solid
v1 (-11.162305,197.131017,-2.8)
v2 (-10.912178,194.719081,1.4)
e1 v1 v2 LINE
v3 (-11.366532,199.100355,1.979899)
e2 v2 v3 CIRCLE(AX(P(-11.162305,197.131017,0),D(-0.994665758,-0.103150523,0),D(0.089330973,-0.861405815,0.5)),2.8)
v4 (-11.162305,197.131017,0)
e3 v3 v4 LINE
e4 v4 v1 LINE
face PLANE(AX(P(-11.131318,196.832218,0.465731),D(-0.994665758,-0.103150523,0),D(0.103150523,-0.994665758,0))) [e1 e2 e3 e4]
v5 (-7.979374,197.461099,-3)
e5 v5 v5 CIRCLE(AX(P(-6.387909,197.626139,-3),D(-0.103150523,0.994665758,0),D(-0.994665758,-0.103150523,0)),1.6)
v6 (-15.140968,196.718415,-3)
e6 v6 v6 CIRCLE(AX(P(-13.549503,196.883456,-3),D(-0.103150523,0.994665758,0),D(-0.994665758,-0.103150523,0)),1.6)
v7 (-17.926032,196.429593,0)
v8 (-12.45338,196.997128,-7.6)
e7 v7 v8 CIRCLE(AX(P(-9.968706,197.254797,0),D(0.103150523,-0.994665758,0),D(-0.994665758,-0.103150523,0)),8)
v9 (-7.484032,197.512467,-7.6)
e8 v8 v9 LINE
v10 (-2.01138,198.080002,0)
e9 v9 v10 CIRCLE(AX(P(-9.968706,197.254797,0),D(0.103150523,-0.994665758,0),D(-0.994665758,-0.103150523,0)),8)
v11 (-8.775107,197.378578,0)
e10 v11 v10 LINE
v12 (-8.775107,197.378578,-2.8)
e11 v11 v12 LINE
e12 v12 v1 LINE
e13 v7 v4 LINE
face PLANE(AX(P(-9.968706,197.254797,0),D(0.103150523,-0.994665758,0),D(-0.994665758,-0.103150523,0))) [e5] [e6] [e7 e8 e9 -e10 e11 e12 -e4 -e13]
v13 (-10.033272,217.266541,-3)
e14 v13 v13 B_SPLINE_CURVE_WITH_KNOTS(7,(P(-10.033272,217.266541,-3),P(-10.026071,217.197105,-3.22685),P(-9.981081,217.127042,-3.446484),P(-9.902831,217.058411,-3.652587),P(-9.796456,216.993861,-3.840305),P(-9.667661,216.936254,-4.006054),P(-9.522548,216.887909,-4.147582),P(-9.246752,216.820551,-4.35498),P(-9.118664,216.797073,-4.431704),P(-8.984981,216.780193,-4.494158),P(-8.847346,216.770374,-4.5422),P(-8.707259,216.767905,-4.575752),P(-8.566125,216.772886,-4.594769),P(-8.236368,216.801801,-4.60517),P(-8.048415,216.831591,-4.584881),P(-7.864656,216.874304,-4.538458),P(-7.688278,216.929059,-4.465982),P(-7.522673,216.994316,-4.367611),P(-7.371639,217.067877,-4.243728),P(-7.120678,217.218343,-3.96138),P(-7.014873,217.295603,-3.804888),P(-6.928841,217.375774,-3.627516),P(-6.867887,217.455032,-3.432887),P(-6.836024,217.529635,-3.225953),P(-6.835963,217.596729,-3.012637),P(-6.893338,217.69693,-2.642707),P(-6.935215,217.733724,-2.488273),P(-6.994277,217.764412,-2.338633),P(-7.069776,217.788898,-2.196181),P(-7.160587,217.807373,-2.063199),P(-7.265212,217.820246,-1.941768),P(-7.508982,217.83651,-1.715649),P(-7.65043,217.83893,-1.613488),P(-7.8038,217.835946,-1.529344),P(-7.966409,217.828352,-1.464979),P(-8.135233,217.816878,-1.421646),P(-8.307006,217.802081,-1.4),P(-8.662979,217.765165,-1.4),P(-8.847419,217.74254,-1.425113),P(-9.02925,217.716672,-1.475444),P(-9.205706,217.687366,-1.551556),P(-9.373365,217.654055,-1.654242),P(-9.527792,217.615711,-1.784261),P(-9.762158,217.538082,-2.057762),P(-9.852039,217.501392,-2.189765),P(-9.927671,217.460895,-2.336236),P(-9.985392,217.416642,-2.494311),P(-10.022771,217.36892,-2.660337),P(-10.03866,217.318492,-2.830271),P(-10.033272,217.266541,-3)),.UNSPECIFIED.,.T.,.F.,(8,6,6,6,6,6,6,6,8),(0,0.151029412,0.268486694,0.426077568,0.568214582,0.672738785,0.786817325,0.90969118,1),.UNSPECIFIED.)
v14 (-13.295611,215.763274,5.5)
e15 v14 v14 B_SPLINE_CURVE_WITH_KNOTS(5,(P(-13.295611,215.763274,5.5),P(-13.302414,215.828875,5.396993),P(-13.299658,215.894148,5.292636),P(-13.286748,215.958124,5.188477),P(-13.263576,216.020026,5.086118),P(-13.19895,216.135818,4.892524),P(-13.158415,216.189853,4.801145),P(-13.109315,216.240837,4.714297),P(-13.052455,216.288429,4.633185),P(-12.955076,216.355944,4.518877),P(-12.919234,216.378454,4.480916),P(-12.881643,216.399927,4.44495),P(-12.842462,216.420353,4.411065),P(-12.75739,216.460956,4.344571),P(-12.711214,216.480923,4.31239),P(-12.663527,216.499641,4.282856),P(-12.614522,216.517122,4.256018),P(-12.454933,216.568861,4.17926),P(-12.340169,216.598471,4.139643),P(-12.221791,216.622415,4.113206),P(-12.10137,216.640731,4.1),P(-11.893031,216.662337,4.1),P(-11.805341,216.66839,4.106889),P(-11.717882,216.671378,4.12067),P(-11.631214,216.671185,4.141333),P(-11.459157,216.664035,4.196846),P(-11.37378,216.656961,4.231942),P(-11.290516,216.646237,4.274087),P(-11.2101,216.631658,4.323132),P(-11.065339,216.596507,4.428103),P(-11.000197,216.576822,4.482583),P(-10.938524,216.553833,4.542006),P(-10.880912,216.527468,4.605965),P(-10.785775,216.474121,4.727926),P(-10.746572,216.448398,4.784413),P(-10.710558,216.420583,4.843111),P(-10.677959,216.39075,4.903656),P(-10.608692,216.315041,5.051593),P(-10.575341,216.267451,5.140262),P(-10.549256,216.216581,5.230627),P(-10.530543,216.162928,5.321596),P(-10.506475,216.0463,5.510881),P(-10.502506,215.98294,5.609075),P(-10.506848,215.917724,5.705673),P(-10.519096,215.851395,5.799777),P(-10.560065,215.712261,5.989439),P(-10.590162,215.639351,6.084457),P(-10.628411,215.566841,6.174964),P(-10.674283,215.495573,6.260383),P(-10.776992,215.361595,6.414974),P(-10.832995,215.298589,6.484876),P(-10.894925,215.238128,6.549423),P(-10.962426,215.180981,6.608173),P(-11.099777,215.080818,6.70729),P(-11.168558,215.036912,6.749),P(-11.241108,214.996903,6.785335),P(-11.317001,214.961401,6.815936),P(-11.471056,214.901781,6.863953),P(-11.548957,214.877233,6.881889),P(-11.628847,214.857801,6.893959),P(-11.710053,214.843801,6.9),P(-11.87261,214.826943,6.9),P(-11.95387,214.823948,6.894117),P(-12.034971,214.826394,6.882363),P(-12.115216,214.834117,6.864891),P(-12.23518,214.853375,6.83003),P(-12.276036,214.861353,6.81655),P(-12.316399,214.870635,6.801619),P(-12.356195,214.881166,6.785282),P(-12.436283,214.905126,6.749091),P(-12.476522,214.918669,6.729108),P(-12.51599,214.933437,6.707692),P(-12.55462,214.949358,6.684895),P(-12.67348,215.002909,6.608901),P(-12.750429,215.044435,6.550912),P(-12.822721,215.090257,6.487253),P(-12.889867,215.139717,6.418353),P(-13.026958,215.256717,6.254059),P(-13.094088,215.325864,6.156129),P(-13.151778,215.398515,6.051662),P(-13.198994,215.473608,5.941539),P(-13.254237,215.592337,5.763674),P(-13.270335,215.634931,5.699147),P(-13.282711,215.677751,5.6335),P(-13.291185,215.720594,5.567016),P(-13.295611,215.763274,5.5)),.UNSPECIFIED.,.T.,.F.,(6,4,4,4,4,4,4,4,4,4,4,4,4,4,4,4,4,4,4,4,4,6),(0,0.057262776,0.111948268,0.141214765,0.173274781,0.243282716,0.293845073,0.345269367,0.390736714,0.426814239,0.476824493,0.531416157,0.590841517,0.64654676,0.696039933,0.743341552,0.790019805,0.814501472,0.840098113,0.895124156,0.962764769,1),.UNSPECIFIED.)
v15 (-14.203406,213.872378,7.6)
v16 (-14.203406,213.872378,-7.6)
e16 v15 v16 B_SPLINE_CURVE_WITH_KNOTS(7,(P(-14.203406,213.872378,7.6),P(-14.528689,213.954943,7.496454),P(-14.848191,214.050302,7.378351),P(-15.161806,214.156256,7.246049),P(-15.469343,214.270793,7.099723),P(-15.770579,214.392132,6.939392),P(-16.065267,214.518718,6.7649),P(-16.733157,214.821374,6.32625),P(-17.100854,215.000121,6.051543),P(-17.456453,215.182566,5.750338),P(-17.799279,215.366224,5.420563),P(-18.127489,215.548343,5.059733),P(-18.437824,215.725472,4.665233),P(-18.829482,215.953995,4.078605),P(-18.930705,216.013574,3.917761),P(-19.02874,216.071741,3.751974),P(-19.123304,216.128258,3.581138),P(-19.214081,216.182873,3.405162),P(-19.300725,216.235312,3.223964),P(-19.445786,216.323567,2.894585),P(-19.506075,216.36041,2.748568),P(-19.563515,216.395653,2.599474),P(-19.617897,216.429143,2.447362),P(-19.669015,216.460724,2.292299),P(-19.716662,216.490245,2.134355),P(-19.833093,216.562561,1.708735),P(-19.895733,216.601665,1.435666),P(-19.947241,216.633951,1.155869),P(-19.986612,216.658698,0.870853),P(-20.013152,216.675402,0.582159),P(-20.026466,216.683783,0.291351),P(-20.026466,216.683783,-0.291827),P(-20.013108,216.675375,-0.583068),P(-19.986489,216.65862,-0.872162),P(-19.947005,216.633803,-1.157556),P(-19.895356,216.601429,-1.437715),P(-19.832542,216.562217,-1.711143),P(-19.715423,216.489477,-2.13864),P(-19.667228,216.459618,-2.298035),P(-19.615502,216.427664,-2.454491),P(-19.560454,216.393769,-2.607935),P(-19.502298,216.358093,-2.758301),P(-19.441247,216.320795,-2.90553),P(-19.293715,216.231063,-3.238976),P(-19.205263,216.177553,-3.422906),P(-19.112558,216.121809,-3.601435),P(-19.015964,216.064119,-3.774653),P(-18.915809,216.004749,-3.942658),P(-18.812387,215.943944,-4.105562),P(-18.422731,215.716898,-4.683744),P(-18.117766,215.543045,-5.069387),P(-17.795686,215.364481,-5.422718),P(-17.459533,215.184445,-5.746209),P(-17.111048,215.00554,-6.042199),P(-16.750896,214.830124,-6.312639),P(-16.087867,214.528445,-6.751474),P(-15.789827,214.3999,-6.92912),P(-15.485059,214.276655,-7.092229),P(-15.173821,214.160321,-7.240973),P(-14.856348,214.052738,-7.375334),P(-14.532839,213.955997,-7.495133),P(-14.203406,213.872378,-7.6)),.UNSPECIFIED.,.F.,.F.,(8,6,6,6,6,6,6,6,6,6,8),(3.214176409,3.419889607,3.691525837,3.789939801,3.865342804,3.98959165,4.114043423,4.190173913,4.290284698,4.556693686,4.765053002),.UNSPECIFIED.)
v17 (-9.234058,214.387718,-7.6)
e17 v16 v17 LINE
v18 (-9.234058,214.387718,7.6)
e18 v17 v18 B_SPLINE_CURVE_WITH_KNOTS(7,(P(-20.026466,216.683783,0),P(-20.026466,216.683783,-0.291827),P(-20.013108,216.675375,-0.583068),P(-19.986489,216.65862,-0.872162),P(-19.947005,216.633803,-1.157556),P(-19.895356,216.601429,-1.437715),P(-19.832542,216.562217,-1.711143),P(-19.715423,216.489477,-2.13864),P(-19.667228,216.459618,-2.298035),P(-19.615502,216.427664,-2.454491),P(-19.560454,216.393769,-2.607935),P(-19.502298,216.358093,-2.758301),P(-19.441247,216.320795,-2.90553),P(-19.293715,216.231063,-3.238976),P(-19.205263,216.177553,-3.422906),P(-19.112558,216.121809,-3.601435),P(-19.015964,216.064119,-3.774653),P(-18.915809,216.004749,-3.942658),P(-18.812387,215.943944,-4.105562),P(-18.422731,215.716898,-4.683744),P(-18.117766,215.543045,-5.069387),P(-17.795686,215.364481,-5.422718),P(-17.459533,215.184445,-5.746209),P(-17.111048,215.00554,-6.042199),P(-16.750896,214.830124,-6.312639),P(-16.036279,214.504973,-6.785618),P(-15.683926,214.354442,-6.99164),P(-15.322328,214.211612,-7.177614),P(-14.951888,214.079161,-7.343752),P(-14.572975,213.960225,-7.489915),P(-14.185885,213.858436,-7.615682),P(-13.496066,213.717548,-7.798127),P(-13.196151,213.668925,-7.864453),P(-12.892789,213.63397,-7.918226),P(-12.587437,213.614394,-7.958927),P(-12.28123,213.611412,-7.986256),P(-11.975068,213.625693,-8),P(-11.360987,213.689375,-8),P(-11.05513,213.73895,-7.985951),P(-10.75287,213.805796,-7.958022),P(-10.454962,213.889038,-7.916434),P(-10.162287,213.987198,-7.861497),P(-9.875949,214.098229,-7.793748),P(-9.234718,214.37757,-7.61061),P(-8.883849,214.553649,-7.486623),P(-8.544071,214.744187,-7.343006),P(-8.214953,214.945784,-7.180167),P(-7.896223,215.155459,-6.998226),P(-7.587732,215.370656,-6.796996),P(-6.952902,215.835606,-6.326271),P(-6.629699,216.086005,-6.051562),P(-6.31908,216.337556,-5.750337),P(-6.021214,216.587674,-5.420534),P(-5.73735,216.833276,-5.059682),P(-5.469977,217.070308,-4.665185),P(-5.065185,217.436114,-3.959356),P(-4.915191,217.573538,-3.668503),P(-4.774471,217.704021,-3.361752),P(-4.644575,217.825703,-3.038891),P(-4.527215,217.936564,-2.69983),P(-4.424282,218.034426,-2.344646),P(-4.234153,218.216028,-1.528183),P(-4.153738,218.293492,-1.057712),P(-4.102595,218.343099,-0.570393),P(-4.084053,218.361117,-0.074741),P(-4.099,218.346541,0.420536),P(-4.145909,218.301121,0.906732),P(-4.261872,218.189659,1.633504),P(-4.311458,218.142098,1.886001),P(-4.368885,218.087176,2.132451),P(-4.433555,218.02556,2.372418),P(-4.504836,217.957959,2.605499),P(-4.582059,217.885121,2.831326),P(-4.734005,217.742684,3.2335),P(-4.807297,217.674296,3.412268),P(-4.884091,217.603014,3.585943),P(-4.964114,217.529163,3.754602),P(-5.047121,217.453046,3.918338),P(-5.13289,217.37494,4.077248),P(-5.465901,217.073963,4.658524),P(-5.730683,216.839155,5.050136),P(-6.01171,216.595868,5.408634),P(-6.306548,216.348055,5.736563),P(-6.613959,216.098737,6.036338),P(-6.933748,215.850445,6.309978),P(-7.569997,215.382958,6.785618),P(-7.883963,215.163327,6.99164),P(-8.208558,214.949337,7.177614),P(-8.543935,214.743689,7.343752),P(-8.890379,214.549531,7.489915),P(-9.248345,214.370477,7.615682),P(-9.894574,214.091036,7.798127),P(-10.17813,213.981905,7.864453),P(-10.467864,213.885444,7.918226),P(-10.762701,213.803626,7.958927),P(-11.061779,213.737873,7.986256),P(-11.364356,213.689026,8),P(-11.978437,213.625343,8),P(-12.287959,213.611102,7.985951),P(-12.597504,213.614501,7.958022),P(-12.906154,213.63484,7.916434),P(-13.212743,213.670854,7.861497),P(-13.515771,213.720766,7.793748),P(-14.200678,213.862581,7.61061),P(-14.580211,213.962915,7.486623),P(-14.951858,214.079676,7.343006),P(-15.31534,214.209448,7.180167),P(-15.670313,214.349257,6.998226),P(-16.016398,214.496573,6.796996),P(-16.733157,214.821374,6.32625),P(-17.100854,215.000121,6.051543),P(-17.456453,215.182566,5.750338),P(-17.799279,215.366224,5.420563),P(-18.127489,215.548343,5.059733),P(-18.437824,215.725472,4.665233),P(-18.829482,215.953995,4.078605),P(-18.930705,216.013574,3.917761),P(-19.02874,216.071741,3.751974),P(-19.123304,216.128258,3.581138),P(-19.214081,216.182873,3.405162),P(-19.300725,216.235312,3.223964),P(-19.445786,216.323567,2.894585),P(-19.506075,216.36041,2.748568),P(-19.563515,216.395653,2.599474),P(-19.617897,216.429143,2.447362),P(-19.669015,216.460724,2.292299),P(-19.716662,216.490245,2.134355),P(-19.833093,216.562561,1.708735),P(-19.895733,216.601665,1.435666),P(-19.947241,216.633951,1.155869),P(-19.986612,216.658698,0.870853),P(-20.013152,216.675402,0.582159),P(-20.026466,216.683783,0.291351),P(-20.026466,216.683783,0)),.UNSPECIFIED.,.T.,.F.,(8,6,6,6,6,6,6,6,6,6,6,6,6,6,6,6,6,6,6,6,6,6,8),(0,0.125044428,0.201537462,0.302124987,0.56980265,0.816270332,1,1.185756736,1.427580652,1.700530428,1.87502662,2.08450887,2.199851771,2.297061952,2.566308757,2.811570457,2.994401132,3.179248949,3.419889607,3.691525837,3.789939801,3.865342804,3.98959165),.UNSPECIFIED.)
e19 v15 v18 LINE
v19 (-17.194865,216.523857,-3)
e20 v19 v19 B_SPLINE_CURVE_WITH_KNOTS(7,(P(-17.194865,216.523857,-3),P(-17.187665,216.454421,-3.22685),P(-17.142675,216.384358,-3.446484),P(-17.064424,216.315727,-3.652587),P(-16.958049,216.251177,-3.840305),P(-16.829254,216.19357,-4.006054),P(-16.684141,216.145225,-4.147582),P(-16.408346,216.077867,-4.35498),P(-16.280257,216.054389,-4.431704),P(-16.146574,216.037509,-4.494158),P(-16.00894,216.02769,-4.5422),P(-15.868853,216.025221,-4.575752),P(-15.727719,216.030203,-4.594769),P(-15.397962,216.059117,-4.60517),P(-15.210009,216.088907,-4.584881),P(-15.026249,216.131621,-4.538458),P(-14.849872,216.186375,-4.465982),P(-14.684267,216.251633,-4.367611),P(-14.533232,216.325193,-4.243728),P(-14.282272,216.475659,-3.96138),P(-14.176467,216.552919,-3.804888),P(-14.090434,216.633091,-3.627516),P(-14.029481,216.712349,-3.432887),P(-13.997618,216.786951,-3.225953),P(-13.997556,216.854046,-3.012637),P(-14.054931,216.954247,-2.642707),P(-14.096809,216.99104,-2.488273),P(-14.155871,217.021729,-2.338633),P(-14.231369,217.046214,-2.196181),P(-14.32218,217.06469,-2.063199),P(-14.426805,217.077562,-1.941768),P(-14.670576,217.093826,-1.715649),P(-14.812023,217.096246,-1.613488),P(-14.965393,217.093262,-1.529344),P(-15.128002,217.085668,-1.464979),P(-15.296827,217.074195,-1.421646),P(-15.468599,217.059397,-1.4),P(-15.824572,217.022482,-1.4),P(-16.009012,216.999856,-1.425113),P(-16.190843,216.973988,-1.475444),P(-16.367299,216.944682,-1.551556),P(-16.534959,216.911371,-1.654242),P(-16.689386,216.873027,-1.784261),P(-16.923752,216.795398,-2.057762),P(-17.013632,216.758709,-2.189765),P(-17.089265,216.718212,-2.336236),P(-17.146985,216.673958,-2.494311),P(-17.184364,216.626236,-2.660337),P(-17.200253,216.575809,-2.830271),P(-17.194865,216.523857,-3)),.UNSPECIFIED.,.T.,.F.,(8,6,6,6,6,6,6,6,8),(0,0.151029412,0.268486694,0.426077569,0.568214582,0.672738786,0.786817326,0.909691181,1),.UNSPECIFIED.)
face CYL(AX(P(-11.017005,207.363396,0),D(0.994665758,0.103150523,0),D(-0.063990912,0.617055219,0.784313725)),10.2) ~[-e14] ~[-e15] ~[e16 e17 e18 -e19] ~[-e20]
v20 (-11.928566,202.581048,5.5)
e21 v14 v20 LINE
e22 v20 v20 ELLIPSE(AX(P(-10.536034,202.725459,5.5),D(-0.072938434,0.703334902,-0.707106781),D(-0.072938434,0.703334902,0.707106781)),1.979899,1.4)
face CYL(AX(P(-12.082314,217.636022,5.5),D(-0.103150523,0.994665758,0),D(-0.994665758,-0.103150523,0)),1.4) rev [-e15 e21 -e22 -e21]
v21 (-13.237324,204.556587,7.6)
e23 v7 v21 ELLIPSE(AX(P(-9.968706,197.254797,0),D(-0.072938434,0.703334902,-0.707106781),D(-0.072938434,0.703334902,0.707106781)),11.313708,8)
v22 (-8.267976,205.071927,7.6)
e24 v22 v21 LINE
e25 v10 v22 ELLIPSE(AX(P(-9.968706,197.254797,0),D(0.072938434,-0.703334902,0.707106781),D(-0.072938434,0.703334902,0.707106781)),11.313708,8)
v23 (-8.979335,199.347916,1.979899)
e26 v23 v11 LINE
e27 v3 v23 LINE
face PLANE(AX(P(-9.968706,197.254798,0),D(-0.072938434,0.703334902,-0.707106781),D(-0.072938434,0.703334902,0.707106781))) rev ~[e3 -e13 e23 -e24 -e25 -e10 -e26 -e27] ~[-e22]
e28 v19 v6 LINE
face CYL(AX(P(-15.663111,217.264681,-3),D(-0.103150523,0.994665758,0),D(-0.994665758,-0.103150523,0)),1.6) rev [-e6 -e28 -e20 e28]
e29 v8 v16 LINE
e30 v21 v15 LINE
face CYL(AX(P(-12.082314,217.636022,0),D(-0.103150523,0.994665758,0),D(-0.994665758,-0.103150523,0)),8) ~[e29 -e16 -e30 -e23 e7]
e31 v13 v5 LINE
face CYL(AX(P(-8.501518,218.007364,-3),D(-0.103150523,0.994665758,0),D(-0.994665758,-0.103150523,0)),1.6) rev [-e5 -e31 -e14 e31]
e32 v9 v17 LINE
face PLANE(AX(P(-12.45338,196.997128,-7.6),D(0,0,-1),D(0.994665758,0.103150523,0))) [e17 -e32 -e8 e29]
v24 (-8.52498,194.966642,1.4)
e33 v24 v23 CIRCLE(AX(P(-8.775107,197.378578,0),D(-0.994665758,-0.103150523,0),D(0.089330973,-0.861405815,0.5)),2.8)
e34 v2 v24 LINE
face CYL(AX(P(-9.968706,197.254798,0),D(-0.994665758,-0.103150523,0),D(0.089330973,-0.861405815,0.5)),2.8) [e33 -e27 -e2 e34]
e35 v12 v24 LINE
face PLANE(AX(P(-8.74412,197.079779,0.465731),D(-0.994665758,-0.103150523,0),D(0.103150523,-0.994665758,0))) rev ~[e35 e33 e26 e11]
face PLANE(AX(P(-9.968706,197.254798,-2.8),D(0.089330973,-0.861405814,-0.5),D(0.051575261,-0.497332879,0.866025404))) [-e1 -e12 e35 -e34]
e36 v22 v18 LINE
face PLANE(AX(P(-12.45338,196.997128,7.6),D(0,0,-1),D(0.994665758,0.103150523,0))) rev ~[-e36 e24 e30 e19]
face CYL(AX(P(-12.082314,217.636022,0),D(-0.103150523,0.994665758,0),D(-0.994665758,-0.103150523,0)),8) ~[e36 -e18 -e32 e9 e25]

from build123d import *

# Parameters (mm, degrees)
SKETCH3_R               = 8
BOSS_EXTRUDE1_DEPTH     = 20.490526316
CUT_EXTRUDE1_DEPTH      = 11.102334007
CUT_EXTRUDE1_DEPTH_BACK = 11.102334007
CUT_EXTRUDE2_DEPTH      = 11.089230335
CUT_EXTRUDE2_DEPTH_BACK = 11.089230335
BOSS_EXTRUDE3_DEPTH     = 1.2
SKETCH8_R               = 1.6
SKETCH8_R_2             = 1.4
CUT_EXTRUDE3_DEPTH      = 24.833519451
CUT_EXTRUDE3_DEPTH_BACK = 2.513887999
CUT_EXTRUDE4_DEPTH      = 23.004414315


with BuildPart() as part:
    # Sketch3 → Boss-Extrude1 (new body)
    with BuildSketch(Plane(origin=(-12.082314344, 217.636022384, 0), x_dir=(-0.994665758, -0.103150523, 0), z_dir=(0.103150523, -0.994665758, 0))):
        Circle(SKETCH3_R)
    extrude(amount=BOSS_EXTRUDE1_DEPTH)

    # Sketch4 → Cut-Extrude1 (cut, two sides)
    with BuildSketch(Plane(origin=(10.375761543, 1.076004901, 0), x_dir=(0.103150523, -0.994665758, 0), z_dir=(-0.994665758, -0.103150523, 0))) as cut_extrude1_sk:
        with BuildLine():
            Line((-217.721396158, 8), (-213.721396158, 8))
            ThreePointArc((-213.721396158, 8), (-217.59367935, 0), (-213.721396158, -8))
            Line((-213.721396158, -8), (-217.721396158, -8))
            Line((-217.721396158, -8), (-217.721396158, 8))
        make_face()
    extrude(amount=CUT_EXTRUDE1_DEPTH, mode=Mode.SUBTRACT)
    extrude(cut_extrude1_sk.sketch, amount=-CUT_EXTRUDE1_DEPTH_BACK, mode=Mode.SUBTRACT)

    # Sketch5 → Cut-Extrude2 (cut, two sides)
    with BuildSketch(Plane(origin=(10.375761543, 1.076004901, 0), x_dir=(0.103150523, -0.994665758, 0), z_dir=(-0.994665758, -0.103150523, 0))) as cut_extrude2_sk:
        Polygon((-197.230869842, 0), (-205.230869842, 8), (-197.230869842, 8), align=None)
    extrude(amount=CUT_EXTRUDE2_DEPTH, mode=Mode.SUBTRACT)
    extrude(cut_extrude2_sk.sketch, amount=-CUT_EXTRUDE2_DEPTH_BACK, mode=Mode.SUBTRACT)

    # Sketch7 → Boss-Extrude3 (add, symmetric)
    with BuildSketch(Plane(origin=(10.375761543, 1.076004901, 0), x_dir=(0.103150523, -0.994665758, 0), z_dir=(-0.994665758, -0.103150523, 0))):
        with BuildLine():
            Line((-199.210768829, 1.979898987), (-197.230869842, 0))
            Line((-197.230869842, 0), (-197.230869842, -2.8))
            Line((-197.230869842, -2.8), (-194.805998711, 1.4))
            ThreePointArc((-194.805998711, 1.4), (-196.865396504, 2.776045612), (-199.210768829, 1.979898987))
        make_face()
    extrude(amount=BOSS_EXTRUDE3_DEPTH, both=True)

    # Sketch8 → Cut-Extrude3 (cut, two sides)
    with BuildSketch(Plane(origin=(-12.082314344, 217.636022384, 0), x_dir=(-0.994665758, -0.103150523, 0), z_dir=(0.103150523, -0.994665758, 0))) as cut_extrude3_sk:
        with Locations((-3.6, 3)):
            Circle(SKETCH8_R)
        with Locations((3.6, 3)):
            Circle(SKETCH8_R)
        with Locations((0, -5.5)):
            Circle(SKETCH8_R_2)
    extrude(amount=CUT_EXTRUDE3_DEPTH, mode=Mode.SUBTRACT)
    extrude(cut_extrude3_sk.sketch, amount=-CUT_EXTRUDE3_DEPTH_BACK, mode=Mode.SUBTRACT)

    # Sketch9 → Cut-Extrude4 (cut, through all)
    with BuildSketch(Plane(origin=(-20.344467381, 196.178792599, 0), x_dir=(0.994665758, 0.103150523, 0), z_dir=(0.103150523, -0.994665758, 0))):
        with BuildLine():
            Line((7.933405986, -7.6), (12.929404385, -7.6))
            ThreePointArc((12.929404385, -7.6), (10.431405186, -8), (7.933405986, -7.6))
        make_face()
        with BuildLine():
            Line((7.933405986, 7.6), (12.929404385, 7.6))
            ThreePointArc((12.929404385, 7.6), (10.431405186, 8), (7.933405986, 7.6))
        make_face()
    extrude(amount=-CUT_EXTRUDE4_DEPTH, mode=Mode.SUBTRACT)


solid = part.part
